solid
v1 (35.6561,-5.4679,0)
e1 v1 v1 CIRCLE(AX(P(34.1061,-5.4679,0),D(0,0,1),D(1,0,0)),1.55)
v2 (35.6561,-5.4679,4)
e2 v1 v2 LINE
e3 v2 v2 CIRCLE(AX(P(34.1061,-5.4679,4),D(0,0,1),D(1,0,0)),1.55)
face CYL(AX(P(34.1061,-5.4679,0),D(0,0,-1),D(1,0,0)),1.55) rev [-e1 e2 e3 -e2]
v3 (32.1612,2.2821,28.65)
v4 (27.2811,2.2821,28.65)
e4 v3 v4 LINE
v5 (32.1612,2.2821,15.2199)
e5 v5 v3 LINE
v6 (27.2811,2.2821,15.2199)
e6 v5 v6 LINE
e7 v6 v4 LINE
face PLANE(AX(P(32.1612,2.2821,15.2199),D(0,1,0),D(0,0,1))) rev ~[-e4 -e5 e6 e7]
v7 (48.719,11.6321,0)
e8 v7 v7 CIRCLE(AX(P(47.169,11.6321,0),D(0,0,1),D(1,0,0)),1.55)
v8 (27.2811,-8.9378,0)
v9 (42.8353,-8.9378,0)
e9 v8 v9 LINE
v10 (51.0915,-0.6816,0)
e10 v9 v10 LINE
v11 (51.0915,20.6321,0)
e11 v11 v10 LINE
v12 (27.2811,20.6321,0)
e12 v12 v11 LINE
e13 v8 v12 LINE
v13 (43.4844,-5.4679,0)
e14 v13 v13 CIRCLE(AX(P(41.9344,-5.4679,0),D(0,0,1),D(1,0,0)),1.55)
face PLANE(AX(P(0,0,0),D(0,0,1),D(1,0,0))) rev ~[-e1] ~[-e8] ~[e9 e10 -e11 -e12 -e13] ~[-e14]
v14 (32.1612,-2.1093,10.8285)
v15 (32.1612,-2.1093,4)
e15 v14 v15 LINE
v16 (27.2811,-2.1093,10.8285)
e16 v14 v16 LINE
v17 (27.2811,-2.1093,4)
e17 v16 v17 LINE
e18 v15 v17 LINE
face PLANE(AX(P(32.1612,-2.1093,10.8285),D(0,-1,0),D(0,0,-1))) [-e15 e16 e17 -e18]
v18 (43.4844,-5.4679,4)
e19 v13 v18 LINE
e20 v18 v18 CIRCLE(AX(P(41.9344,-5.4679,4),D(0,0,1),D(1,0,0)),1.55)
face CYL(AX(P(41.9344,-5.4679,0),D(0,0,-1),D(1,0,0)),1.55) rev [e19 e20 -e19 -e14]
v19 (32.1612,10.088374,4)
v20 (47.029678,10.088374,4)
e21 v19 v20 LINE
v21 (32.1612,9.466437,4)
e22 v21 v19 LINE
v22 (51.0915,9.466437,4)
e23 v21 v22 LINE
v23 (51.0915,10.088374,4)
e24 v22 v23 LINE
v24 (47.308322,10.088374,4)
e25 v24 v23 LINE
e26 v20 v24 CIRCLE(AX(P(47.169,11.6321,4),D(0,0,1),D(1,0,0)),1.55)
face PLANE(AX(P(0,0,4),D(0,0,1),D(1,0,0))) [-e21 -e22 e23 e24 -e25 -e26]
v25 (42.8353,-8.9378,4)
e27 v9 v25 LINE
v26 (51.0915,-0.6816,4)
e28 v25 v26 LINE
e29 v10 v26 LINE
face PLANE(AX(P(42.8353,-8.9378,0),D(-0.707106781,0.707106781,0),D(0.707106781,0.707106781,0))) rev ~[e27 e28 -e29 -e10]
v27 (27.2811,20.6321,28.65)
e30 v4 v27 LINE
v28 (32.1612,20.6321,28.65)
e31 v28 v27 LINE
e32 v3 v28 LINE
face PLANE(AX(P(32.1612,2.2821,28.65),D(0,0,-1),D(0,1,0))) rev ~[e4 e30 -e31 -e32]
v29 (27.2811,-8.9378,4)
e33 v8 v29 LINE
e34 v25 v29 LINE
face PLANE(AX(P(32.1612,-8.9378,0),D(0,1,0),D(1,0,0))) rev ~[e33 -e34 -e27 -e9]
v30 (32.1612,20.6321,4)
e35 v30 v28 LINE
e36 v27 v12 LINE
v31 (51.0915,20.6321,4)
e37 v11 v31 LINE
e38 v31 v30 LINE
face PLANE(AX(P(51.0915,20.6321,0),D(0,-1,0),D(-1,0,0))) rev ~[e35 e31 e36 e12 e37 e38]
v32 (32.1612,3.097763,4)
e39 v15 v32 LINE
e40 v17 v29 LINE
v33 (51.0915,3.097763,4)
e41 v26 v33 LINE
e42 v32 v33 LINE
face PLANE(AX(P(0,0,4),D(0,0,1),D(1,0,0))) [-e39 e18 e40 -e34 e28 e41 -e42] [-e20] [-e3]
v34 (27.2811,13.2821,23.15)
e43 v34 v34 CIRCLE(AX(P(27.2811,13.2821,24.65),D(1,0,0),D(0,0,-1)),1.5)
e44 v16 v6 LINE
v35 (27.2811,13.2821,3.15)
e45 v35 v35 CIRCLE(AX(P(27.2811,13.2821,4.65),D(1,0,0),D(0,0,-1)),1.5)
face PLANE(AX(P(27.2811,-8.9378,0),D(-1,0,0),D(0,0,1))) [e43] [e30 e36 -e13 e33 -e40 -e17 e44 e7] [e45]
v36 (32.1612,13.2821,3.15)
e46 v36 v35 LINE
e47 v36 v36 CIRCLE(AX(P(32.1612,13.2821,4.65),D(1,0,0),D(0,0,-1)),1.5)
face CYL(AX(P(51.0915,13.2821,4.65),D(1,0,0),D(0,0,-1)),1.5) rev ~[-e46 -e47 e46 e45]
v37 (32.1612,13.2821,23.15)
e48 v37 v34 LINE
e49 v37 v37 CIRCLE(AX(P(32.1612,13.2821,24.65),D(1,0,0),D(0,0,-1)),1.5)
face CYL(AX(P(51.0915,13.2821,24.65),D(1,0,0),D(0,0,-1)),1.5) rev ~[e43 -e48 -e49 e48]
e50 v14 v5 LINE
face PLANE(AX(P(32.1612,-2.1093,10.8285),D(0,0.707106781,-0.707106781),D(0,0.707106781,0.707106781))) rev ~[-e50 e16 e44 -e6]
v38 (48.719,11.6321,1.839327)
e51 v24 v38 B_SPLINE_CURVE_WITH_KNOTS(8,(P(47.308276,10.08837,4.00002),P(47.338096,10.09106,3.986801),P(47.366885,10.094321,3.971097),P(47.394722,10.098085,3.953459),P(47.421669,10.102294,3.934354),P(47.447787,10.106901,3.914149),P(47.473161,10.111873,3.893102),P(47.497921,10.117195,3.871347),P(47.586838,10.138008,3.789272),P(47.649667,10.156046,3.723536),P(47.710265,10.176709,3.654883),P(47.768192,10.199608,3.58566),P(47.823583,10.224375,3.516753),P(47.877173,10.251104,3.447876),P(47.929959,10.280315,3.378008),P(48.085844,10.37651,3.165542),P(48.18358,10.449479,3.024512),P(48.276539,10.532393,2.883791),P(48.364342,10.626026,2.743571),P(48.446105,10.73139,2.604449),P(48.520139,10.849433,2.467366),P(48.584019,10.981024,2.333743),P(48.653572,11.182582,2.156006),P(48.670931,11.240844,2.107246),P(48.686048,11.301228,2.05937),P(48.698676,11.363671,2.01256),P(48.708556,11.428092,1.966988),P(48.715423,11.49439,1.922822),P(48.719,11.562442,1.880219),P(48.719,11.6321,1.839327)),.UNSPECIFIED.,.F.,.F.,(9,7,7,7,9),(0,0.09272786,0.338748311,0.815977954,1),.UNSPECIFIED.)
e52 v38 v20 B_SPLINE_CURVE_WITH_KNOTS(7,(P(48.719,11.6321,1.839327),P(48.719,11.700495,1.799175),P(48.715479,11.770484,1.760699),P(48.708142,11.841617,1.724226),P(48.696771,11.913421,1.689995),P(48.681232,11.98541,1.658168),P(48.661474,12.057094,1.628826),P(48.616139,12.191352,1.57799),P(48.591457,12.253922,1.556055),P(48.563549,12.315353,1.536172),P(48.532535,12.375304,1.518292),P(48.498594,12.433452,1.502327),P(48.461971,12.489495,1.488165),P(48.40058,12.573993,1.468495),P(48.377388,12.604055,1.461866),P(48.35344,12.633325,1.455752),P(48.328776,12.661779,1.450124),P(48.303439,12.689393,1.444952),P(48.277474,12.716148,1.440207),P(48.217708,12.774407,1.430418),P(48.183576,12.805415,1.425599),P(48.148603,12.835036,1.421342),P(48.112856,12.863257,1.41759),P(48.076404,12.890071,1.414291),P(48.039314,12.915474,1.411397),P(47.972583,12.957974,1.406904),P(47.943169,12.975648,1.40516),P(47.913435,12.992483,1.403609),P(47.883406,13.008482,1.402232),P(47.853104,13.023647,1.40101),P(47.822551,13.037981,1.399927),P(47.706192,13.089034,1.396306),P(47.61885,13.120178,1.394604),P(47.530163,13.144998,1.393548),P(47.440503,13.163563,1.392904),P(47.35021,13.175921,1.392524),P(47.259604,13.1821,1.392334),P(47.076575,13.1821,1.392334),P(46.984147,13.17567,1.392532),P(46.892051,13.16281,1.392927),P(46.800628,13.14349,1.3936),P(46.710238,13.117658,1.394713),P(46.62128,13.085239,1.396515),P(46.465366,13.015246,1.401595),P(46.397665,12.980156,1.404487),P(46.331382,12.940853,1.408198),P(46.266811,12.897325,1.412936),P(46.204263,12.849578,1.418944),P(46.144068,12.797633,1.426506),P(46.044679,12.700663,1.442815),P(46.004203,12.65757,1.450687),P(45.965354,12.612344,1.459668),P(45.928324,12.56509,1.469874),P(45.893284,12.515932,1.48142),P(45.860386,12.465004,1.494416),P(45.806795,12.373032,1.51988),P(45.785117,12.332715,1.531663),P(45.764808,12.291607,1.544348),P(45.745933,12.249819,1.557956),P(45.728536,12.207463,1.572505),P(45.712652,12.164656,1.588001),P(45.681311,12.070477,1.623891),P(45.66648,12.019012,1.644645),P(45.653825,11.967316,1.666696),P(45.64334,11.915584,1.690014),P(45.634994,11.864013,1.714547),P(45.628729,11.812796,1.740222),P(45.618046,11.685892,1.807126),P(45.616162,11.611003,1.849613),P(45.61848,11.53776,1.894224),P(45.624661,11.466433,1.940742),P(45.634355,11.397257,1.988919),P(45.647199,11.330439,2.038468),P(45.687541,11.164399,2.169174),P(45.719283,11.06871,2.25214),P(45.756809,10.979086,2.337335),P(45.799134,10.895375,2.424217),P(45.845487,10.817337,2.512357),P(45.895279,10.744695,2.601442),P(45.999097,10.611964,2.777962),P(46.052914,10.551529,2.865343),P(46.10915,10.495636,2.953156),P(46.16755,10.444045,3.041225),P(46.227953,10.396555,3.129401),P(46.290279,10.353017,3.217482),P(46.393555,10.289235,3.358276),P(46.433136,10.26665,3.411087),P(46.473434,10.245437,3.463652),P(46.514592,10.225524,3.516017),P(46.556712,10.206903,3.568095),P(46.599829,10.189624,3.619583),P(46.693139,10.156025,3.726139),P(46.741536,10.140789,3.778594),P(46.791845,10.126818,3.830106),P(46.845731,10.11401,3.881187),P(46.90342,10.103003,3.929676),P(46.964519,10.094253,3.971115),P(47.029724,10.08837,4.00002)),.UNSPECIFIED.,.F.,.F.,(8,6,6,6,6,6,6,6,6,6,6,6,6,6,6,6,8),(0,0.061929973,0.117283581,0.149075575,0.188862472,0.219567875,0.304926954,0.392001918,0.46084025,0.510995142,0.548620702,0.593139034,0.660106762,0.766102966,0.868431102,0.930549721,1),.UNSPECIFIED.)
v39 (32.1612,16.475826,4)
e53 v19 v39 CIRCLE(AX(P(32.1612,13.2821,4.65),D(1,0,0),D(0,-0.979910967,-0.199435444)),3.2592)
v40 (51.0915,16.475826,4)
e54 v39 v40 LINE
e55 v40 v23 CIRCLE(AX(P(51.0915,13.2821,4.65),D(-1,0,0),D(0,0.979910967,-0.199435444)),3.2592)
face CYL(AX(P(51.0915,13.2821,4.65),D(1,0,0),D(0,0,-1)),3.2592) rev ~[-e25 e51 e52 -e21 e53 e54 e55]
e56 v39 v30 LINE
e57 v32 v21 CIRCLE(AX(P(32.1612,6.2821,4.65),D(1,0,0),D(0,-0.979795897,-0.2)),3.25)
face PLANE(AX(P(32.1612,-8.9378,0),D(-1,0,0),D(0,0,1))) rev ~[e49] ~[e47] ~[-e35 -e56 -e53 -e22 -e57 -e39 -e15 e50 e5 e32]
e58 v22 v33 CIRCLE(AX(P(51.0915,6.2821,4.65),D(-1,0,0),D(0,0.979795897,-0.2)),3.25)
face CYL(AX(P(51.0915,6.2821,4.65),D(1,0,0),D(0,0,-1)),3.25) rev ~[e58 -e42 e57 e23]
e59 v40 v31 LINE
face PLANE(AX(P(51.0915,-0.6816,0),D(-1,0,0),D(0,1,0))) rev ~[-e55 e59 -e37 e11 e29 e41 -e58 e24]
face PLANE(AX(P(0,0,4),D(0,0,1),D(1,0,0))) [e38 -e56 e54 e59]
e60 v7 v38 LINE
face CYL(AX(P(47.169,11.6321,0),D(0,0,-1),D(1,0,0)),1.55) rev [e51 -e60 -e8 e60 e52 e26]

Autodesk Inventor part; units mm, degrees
ref_plane "YZ Plane" through (0, 0, 0) normal (1, 0, 0) x (0, 1, 0)
ref_plane "XZ Plane" through (0, 0, 0) normal (0, 1, 0) x (-1, 0, 0)
ref_plane "Work Plane1" through (0, 0, 0) normal (0, 0, 1) x (1, 0, 0)
sketch "Sketch1" plane through (0, 0, 0) normal (0, 0, 1) x (1, 0, 0)
  circle A0 centre (2.6061, 6.2821) radius 1.5 construction
  circle A1 centre (22.6061, 6.2821) radius 1.5 construction
  line L0 (-2.6427, 15.6321) -> (-2.6427, -2.7179) construction
  line L1 (-2.6427, -2.7179) -> (30.1061, -2.7179) construction
  line L2 (30.1061, -2.7179) -> (30.1061, -39.6443) construction
  line L3 (30.1061, -39.6443) -> (66.9651, 7.5331) construction
  line L4 (66.9651, 7.5331) -> (66.9651, 15.6321) construction
  line L5 (66.9651, 15.6321) -> (-2.6427, 15.6321) construction
  circle A2 centre (12.3511, 11.6321) radius 1.45 construction
  circle A3 centre (41.9344, -5.4679) radius 1.45 construction
  circle A4 centre (34.1061, -5.4679) radius 1.45 construction
  circle A5 centre (54.6178, 11.6321) radius 1.45 construction
  circle A6 centre (-0.6427, 11.6823) radius 1.45 construction
  circle A7 centre (29.5857, 11.6321) radius 1.45 construction
  circle A8 centre (51.7579, -5.4342) radius 1.45 construction
  circle A9 centre (34.1061, -24.4536) radius 1.45 construction
  circle A10 centre (47.169, 11.6321) radius 1.45 construction
  line L6 (-7.0605, -146.6377) -> (1.2368, -137.4227) construction
  line L7 (-28.8718, -126.9987) -> (-20.5745, -117.7837) construction
  line L8 (32.1612, -8.9378) -> (42.8353, -8.9378)
  line L9 (42.8353, -8.9378) -> (51.0915, -0.6816)
  line L10 (51.0915, -0.6816) -> (51.0915, 15.6321)
  line L11 (32.1612, -8.9378) -> (32.1612, 15.6321)
  line L12 (32.1612, 15.6321) -> (51.0915, 15.6321)
  circle A11 centre (34.1061, -5.4679) radius 1.55
  circle A12 centre (41.9344, -5.4679) radius 1.55
  circle A13 centre (47.169, 11.6321) radius 1.55
  line L13 (32.1612, 15.6321) -> (51.0915, 15.6321)
  line L14 (51.0915, 15.6321) -> (51.0915, 20.6321)
  line L15 (51.0915, 20.6321) -> (32.1612, 20.6321)
  line L16 (32.1612, 20.6321) -> (32.1612, 15.6321)
  point P0 (0, 0)
  dimension "d0" = 135
  dimension "d1" = 3.1
  dimension "d2" = 3.1
  dimension "d3" = 3.1
  dimension "d16" = 5
extrude "Extrusion1" add sketch "Sketch1" along normal blind 4
sketch "Sketch2" plane through (32.1612, -8.9378, 0) normal (-1, 0, 0) x (0, 0, 1)
  line L0 (0, 0) -> (0, 29.5699) projected
  line L1 (0, 0) -> (4, 0) projected
  line L2 (4, 29.5699) -> (4, 0) projected
  line L3 (10.8285, 6.8285) -> (15.2199, 11.2199)
  line L4 (15.2199, 11.2199) -> (28.65, 11.2199)
  line L5 (28.65, 11.2199) -> (28.65, 29.5699)
  line L6 (28.65, 29.5699) -> (0, 29.5699)
  line L7 (10.8285, 6.8285) -> (0, 6.8285)
  line L8 (0, 0) -> (0, 8.2562) projected
  line L9 (0, 29.5699) -> (4, 29.5699) projected
  ellipse E0 centre (24.65, -131.1602) end of major axis (23.05, -131.1602) minor radius 1.189 projected
  ellipse E1 centre (4.65, -131.1602) end of major axis (3.05, -131.1602) minor radius 1.189 projected
  point P0 (0, 8.9378)
  point P1 (0, 6.2199)
  dimension "d8" = 45
ref_plane "Work Plane2" through (27.2811, 2.682, 0.7251) normal (1, 0, 0) x (0, 1, 0)
extrude "Extrusion2" add sketch "Sketch2" along normal up to surface (4.8801 mm away) contours L0 L7 L2 L1 | L0 L6 L2 L7 | L2 L6 L5 L4 L3 L7
sketch "Sketch3" plane through (51.0915, -0.6816, 0) normal (1, 0, 0) x (0, 0, -1)
  circle A0 centre (-24.65, 13.9637) radius 1.5
  circle A1 centre (-4.65, 13.9637) radius 1.5
  ellipse E0 centre (-4.65, -139.4164) end of major axis (-3.05, -139.4164) minor radius 1.189 projected
  ellipse E1 centre (-24.65, -139.4164) end of major axis (-23.05, -139.4164) minor radius 1.189 projected
  point P0 (0, 0.6816)
  dimension "d17" = 3
  dimension "d18" = 3
extrude "Extrusion3" cut sketch "Sketch3" against normal through all
sketch "Sketch4" plane through (51.0915, -0.6816, 0) normal (1, 0, 0) x (0, 0, -1)
  arc A0 (-4, 5.5016) -> (-4, 8.4257) centre (-4.65, 6.9637) ccw projected
  circle A1 centre (-4.65, 6.9637) radius 3.25
  arc A2 (-4, 12.6118) -> (-4, 15.3155) centre (-4.65, 13.9637) ccw projected
  circle A3 centre (-4.65, 13.9637) radius 3.2592
  point P0 (0, 0.6816)
  dimension "d13" = 6.5
extrude "Extrusion4" cut sketch "Sketch4" against normal up to surface (18.9303 mm away)
properties part number "cellSTORM_alviumadapter"
